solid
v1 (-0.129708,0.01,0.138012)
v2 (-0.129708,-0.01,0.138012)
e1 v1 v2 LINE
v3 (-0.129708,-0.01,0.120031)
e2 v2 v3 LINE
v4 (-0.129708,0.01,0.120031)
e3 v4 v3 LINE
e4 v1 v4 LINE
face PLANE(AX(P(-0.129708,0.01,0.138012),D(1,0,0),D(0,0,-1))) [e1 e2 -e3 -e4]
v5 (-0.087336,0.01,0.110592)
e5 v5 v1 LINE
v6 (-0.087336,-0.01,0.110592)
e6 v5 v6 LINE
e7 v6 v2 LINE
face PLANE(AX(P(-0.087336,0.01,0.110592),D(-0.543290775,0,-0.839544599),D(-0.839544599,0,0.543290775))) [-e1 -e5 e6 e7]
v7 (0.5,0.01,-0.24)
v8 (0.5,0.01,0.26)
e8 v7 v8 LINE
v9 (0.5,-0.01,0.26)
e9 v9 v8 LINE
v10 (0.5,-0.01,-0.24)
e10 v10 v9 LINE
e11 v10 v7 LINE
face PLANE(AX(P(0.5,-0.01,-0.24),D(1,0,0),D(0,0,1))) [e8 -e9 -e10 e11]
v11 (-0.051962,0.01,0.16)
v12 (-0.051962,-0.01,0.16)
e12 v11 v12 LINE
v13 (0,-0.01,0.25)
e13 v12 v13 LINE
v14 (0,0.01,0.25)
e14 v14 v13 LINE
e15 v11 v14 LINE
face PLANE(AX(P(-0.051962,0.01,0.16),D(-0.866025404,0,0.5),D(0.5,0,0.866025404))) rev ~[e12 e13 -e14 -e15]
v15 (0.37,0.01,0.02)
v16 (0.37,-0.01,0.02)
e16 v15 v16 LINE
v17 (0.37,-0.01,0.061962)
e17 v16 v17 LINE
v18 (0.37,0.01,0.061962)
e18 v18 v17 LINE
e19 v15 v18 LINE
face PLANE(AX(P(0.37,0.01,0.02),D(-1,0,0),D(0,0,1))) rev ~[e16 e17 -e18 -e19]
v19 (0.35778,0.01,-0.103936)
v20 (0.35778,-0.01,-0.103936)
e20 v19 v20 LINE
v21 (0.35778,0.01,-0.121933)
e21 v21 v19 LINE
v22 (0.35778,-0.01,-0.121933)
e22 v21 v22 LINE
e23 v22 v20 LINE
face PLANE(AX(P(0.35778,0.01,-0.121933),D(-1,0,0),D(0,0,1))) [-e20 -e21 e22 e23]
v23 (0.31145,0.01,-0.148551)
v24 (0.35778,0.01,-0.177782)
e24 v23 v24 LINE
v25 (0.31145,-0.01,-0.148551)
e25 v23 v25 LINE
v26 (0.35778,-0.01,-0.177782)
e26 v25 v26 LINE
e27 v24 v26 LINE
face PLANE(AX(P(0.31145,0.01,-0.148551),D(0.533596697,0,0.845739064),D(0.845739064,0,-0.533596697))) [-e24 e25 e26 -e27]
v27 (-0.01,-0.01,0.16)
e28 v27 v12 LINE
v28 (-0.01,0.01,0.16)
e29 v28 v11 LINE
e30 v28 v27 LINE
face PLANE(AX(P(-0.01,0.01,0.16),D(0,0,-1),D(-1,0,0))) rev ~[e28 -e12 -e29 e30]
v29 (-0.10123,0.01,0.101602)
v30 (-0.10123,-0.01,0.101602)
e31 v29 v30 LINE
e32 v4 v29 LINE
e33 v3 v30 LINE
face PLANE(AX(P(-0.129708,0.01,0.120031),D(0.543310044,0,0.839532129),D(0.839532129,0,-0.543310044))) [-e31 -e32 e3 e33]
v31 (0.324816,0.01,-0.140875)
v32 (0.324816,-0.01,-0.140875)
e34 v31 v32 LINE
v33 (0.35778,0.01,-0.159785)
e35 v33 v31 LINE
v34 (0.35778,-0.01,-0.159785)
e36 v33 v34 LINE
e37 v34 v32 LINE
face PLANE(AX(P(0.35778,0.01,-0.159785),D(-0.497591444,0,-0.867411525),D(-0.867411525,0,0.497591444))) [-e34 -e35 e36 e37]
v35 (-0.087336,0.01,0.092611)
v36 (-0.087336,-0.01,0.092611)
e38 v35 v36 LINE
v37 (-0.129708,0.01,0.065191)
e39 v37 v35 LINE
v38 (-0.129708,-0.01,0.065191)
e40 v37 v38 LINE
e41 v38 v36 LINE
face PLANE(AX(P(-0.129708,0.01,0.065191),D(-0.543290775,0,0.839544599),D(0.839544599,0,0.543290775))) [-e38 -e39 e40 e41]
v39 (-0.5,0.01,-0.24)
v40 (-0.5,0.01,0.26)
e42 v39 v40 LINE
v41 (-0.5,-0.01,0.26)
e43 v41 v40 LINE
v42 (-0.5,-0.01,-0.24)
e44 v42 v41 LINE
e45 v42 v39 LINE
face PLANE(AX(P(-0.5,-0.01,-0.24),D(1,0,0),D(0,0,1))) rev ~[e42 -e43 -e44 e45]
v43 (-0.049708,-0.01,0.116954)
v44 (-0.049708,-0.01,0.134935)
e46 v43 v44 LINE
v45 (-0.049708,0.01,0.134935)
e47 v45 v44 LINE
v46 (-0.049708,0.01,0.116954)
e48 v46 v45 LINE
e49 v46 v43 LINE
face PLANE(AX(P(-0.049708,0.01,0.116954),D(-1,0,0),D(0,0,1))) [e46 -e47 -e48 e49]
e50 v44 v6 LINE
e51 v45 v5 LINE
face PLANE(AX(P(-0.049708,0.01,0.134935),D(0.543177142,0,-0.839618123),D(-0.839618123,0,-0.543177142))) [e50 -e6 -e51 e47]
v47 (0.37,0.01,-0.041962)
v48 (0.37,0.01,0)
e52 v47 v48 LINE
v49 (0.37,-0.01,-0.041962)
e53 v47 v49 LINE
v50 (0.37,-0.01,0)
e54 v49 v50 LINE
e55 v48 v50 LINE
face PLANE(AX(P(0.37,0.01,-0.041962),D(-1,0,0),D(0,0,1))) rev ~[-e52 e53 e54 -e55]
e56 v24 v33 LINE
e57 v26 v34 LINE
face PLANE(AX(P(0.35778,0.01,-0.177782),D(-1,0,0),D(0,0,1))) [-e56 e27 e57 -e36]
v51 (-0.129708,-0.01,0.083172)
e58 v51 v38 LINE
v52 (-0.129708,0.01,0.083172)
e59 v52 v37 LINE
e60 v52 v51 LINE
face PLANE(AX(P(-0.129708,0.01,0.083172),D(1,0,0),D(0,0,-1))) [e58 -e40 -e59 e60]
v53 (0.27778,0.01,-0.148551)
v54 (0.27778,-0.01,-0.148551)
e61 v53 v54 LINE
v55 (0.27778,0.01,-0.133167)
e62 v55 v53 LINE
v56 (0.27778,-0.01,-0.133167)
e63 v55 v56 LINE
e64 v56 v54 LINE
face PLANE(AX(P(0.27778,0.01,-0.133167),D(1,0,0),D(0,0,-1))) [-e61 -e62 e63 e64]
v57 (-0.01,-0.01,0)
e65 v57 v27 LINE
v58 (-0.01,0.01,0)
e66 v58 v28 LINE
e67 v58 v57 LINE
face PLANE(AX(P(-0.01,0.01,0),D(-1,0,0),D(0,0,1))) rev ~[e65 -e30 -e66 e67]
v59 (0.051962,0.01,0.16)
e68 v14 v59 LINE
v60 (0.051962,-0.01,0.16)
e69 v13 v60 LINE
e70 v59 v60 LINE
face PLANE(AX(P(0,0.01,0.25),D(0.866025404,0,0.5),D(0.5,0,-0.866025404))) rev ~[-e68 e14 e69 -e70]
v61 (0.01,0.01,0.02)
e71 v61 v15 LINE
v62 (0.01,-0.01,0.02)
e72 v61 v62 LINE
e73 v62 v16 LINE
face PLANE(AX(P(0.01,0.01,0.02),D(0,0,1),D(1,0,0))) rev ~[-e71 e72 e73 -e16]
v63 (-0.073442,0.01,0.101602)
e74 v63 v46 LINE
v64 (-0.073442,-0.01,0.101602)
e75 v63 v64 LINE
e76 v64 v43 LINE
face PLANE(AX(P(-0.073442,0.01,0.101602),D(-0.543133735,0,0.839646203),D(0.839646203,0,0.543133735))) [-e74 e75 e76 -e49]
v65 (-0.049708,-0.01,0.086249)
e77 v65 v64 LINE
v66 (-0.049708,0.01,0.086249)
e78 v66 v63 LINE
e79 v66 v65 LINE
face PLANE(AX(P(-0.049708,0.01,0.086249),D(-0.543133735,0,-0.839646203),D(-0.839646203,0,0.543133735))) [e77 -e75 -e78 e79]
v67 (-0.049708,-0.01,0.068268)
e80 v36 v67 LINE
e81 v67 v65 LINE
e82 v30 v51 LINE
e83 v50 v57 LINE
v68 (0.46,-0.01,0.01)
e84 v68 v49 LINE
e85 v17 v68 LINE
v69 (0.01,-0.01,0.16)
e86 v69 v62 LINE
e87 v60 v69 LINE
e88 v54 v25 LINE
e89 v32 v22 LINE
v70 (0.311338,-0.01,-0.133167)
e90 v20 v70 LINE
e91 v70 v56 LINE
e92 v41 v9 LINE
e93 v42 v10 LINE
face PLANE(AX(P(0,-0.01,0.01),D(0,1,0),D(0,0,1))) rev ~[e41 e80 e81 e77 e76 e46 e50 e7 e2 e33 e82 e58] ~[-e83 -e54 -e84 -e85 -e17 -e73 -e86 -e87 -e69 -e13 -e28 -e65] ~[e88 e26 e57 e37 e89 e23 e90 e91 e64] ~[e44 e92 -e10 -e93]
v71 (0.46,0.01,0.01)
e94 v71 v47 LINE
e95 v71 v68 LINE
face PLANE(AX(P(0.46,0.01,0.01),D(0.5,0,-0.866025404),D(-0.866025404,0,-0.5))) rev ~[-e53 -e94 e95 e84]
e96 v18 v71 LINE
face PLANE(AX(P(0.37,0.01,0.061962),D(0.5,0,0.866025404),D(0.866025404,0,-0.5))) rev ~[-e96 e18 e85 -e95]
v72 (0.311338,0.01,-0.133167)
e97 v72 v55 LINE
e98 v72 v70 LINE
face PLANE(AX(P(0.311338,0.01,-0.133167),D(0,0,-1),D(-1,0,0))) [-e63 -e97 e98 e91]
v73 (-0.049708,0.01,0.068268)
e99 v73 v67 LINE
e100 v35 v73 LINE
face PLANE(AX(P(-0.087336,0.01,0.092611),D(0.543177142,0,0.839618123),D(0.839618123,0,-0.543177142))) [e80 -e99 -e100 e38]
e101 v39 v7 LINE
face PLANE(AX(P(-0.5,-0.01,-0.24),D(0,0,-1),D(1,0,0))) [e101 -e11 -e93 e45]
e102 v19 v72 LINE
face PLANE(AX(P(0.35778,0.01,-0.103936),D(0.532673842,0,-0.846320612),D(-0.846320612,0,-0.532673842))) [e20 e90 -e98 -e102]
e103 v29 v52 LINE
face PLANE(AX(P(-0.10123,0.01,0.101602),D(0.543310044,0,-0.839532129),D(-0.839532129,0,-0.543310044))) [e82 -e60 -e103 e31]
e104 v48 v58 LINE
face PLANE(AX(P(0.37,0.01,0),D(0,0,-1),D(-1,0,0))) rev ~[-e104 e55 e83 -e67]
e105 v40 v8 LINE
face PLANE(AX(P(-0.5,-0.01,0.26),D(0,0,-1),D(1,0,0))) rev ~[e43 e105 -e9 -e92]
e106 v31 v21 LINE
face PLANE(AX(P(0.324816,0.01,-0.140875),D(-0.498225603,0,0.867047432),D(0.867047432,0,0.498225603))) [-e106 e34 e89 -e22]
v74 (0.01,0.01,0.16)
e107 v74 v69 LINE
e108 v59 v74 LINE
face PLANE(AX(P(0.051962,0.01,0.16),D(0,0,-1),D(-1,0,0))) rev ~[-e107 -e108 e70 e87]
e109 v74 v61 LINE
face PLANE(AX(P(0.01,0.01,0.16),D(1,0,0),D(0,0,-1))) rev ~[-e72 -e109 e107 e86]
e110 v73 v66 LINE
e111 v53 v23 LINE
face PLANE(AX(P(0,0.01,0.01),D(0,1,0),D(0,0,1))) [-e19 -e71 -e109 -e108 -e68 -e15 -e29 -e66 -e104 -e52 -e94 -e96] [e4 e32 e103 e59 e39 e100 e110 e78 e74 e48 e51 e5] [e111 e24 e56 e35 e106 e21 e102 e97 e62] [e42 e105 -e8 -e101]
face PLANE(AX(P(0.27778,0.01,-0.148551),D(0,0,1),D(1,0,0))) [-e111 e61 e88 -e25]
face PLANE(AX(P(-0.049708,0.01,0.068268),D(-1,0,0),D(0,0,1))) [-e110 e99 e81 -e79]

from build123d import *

# Parameters (mm, degrees)
SKETCH_2_W          = 25
SKETCH_2_H          = 50
EXTRUDE_2_DEPTH     = 1
CUT_EXTRUDE_3_DEPTH = 8
EXTRUDE_4_DEPTH     = 16
EXTRUDE_4_2_DEPTH   = 16
MOVE_BODY_1_ANGLE   = 120
SCALE_1_SCALE       = 0.02


with BuildPart() as part:
    # Эскиз2 → Бобышка-Вытянуть2 (new body)
    with BuildSketch(Plane.XY):
        Rectangle(SKETCH_2_W, SKETCH_2_H)
    extrude(amount=EXTRUDE_2_DEPTH)

    # Эскиз6 → Вырез-Вытянуть3 (cut)
    with BuildSketch(Plane.XY.offset(1)):
        Polygon((-2.598076211, 18.5), (2.598076211, 18.5), (0, 23), align=None)
        Polygon((7.5, -0.5), (7.5, 0.5), (0.5, 0.5), (0.5, 18.5), (-0.5, 18.5), (-0.5, -0.5), align=None)
        Polygon((7.5, 2.598076211), (7.5, -2.598076211), (12, 0), align=None)
    extrude(amount=-CUT_EXTRUDE_3_DEPTH, mode=Mode.SUBTRACT)


with BuildPart() as body_2:
    # Эскиз7 → Бобышка-Вытянуть4 (new body)
    with BuildSketch(Plane.XY.offset(1)):
        Polygon((-7.927565688, 13.889018638), (-7.927565688, 15.572512228), (-9.389104149, 17.889018638), (-8.489264406, 17.889018638), (-7.543751585, 16.240781459), (-6.5966362, 17.889018638), (-5.696796457, 17.889018638), (-7.158334918, 15.566903254), (-7.158334918, 13.889018638), align=None)
    extrude(amount=-EXTRUDE_4_DEPTH)


with BuildPart() as body_3:
    # Эскиз7 → Extrude 4 2 (new body)
    with BuildSketch(Plane.XY.offset(1)):
        Polygon((2.759563021, -6.485396961), (4.130556611, -4.366807217), (2.913409175, -2.485396961), (3.812447637, -2.485396961), (4.580075842, -3.672095679), (5.347704047, -2.485396961), (6.246742508, -2.485396961), (5.029595073, -4.366807217), (6.400588662, -6.485396961), (5.501550201, -6.485396961), (4.580075842, -5.061518755), (3.658601483, -6.485396961), align=None)
    extrude(amount=-EXTRUDE_4_2_DEPTH)


with BuildPart() as part_1:
    add(part.part)

    # Combine 1: cut body 2, body 3
    add(body_2.part, mode=Mode.SUBTRACT)
    add(body_3.part, mode=Mode.SUBTRACT)


with BuildPart() as part_2:
    # Move Body 1: moved
    add(part_1.part.moved(Location((0, 0, 0))).rotate(Axis((-0.166666667, -0.166666667, 0.333333333), (-0.577350269189609, -0.5773502691897541, -0.5773502691895143)), MOVE_BODY_1_ANGLE))


with BuildPart() as part_3:
    # Масштаб1: scaled about (0, 0, 0)
    add(part_2.part.scale(SCALE_1_SCALE))


solid = part_3.part
